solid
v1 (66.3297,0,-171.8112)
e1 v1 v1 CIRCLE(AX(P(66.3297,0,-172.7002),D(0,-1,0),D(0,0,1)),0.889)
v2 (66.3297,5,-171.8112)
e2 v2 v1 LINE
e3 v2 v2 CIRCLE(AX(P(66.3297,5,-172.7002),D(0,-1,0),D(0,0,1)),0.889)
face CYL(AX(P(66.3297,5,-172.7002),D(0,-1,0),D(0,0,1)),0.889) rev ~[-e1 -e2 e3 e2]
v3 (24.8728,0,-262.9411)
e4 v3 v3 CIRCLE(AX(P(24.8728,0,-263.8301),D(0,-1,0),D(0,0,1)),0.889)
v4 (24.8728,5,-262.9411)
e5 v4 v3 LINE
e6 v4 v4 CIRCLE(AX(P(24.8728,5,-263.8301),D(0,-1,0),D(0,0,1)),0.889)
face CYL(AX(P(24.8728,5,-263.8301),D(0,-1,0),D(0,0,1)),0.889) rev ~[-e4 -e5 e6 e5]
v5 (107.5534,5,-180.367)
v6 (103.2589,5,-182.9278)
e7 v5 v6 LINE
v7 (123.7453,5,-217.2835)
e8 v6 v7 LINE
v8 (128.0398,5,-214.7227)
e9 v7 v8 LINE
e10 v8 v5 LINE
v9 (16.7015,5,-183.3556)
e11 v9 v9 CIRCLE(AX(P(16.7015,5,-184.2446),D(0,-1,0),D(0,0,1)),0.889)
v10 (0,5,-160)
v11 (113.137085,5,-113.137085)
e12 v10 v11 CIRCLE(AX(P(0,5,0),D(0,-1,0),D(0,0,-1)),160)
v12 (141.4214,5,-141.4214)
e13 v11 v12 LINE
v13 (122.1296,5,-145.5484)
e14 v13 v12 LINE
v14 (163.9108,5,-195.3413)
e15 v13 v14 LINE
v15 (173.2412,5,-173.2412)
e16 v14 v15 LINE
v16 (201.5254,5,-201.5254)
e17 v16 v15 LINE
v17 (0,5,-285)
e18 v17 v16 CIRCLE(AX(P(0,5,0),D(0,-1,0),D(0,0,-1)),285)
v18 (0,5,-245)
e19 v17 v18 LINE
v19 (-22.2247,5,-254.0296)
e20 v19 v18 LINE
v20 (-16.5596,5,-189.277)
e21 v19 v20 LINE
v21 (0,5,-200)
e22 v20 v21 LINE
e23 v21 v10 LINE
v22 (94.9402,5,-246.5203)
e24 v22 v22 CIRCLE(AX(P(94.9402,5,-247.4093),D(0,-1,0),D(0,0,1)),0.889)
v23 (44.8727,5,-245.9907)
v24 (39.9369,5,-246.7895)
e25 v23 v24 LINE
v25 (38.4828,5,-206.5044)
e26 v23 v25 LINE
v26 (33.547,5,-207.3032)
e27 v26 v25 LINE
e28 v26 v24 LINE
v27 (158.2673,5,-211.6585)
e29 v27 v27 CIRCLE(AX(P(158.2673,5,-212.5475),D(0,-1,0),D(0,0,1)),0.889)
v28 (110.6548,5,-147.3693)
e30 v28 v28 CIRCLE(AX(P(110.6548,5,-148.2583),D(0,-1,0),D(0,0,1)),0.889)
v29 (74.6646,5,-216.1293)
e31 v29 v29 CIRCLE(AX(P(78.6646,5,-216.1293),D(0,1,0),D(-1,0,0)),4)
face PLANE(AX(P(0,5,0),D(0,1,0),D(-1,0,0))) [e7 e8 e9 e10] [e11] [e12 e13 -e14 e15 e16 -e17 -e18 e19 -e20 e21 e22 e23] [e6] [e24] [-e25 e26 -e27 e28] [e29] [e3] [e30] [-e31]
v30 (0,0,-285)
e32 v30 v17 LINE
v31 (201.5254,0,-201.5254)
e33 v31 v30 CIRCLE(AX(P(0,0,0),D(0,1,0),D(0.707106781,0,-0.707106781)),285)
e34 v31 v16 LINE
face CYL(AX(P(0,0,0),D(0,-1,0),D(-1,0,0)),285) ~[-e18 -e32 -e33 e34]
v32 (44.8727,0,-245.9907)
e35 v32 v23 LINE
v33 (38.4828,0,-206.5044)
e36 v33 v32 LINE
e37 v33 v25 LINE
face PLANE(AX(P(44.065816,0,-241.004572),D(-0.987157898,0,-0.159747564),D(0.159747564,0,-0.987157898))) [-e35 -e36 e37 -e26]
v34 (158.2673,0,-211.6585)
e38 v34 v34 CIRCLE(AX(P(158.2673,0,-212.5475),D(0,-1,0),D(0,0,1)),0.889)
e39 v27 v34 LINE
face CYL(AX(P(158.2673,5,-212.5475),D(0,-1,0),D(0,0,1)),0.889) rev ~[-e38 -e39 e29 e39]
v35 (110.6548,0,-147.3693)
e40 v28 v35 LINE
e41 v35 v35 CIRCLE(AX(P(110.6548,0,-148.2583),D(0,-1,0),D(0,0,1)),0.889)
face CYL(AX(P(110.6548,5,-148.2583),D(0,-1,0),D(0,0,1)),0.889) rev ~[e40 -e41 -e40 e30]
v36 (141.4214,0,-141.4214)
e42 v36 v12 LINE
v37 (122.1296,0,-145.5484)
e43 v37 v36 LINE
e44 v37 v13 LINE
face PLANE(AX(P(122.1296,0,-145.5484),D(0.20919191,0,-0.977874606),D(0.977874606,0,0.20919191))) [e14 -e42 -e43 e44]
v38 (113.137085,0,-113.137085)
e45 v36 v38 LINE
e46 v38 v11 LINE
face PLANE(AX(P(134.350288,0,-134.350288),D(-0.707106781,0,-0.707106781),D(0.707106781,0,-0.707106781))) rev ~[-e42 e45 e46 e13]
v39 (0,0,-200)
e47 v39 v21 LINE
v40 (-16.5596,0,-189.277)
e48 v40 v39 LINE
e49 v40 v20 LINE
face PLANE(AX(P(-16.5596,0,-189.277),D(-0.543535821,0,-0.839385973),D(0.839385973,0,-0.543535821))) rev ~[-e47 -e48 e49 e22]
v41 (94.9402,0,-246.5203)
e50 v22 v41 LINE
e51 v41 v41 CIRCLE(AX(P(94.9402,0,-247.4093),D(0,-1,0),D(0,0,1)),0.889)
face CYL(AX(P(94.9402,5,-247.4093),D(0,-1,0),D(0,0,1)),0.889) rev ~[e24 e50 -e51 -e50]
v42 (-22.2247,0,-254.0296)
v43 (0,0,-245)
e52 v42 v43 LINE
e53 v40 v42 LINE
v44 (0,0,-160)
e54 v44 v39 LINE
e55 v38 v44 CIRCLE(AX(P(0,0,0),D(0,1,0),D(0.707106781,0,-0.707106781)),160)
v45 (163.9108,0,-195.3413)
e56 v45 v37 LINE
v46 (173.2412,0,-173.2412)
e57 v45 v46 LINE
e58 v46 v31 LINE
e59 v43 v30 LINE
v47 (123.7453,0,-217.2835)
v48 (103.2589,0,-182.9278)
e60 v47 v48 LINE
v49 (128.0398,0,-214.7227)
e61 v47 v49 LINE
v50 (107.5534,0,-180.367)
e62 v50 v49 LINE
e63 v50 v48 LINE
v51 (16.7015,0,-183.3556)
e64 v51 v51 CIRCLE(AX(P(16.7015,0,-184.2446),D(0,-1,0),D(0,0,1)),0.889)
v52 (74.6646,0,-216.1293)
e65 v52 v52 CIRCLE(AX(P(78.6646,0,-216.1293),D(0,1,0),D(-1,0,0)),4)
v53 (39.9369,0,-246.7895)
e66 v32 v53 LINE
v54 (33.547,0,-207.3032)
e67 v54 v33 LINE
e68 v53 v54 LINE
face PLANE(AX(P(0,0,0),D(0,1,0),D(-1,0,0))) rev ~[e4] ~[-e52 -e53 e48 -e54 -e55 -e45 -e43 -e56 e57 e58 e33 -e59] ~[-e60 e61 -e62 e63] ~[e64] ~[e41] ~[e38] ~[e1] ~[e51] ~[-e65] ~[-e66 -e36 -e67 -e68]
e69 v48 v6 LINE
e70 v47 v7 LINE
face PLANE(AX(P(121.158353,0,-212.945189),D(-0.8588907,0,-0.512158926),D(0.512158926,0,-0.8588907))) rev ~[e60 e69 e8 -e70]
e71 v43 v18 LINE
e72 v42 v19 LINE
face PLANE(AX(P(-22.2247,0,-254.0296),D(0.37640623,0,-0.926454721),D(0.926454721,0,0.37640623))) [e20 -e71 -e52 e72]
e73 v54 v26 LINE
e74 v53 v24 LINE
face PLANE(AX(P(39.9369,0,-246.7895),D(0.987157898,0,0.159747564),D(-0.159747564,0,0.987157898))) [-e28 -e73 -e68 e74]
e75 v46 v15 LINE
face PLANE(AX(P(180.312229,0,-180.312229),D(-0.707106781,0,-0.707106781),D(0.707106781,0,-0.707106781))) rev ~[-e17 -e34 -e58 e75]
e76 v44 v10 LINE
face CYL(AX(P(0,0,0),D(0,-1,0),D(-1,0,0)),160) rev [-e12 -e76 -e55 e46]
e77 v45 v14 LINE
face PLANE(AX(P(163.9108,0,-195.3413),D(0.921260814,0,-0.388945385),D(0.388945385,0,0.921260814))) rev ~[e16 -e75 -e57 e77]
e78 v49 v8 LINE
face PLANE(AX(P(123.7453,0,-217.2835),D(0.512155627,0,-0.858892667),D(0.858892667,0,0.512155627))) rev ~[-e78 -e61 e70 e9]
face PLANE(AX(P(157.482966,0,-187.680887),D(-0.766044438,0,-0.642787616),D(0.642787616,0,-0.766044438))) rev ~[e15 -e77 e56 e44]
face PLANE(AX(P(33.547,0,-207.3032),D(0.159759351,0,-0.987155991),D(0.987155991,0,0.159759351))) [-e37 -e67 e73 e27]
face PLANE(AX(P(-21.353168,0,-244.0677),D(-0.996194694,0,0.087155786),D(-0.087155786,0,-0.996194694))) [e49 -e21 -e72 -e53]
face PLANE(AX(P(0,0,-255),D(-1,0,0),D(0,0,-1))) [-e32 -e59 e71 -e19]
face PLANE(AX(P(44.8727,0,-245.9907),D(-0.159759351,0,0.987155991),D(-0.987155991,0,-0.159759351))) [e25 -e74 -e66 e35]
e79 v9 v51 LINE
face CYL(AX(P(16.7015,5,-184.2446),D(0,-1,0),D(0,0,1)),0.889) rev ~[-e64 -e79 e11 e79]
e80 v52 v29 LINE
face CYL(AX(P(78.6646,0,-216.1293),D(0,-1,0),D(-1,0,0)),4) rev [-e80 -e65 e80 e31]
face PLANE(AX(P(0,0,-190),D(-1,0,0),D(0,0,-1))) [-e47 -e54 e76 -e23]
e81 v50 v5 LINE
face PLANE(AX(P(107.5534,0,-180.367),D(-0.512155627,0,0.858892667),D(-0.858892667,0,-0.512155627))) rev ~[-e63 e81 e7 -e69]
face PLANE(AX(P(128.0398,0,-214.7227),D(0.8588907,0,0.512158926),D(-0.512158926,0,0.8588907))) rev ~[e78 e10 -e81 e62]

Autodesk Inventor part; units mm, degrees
ref_plane "YZ Plane" through (0, 0, 0) normal (1, 0, 0) x (0, 1, 0)
ref_plane "XZ Plane" through (0, 0, 0) normal (0, 1, 0) x (-1, 0, 0)
ref_plane "XY Plane" through (0, 0, 0) normal (0, 0, 1) x (1, 0, 0)
sketch "Sketch2" plane through (0, 0, 0) normal (0, 1, 0) x (-1, 0, 0)
  circle A0 centre (0, 0) radius 285
  circle A1 centre (0, 0) radius 160
  line L0 (0, 0) -> (0, -285)
  line L1 (0, 0) -> (-201.5254, -201.5254)
  line L2 (0, 0) -> (24.8394, -283.9155)
  line L3 (0, 0) -> (-183.1945, -218.3227)
  circle A2 centre (0, 0) radius 255
  circle A3 centre (0, 0) radius 190
  circle A4 centre (0, 0) radius 200
  circle A5 centre (0, 0) radius 245
  line L4 (16.5596, -189.277) -> (0, -200)
  line L5 (22.2247, -254.0296) -> (0, -245)
  line L6 (-122.1296, -145.5484) -> (-141.4214, -141.4214)
  line L7 (-163.9108, -195.3413) -> (-173.2412, -173.2412)
  line L8 (-123.7453, -217.2835) -> (-128.0398, -214.7227)
  line L9 (-128.0398, -214.7227) -> (-107.5534, -180.367)
  line L10 (-107.5534, -180.367) -> (-103.2589, -182.9278)
  line L11 (-103.2589, -182.9278) -> (-123.7453, -217.2835)
  line L12 (-123.7453, -217.2835) -> (-107.5534, -180.367) construction
  line L13 (-128.0398, -214.7227) -> (-103.2589, -182.9278) construction
  circle A6 centre (0, 0) radius 230 construction
  line L14 (0, 0) -> (-97.4757, -267.8124) construction
  circle A7 centre (0, 0) radius 210 construction
  circle A8 centre (0, 0) radius 250 construction
  line L15 (-44.8727, -245.9907) -> (-39.9369, -246.7895)
  line L16 (-39.9369, -246.7895) -> (-33.547, -207.3032)
  line L17 (-33.547, -207.3032) -> (-38.4828, -206.5044)
  line L18 (-38.4828, -206.5044) -> (-44.8727, -245.9907)
  line L19 (-44.8727, -245.9907) -> (-33.547, -207.3032) construction
  line L20 (-39.9369, -246.7895) -> (-38.4828, -206.5044) construction
  circle A9 centre (-78.6646, -216.1293) radius 4
  point P0 (-115.6493, -198.8252)
  point P1 (0, -160)
  point P2 (-113.1371, -113.1371)
  dimension "d0" = 570
  dimension "d1" = 320
  dimension "d2" = 45
  dimension "d3" = 5
  dimension "d4" = 5
  dimension "d5" = 30
  dimension "d6" = 30
  dimension "d7" = 10
  dimension "d8" = 10
  dimension "d11" = 5
  dimension "d14" = 20
  dimension "d19" = 39.2099
  dimension "d20" = 40
  dimension "d21" = 50
  dimension "d24" = 8
  dimension "d35" = 70
extrude "Extrusion1" add sketch "Sketch2" along normal blind 5 contours L1 A2 L3 A0 | L3 A2 L0 A0 | L1 L7 A2 | L5 A5 L2 | L3 A5 L9 L8 L11 L18 L15 L16 L0 A2 | A5 L0 A4 L2 | A5 L16 L17 L18 L11 L10 L9 L3 A4 L0 | L1 A3 L6 | A4 L4 L2 | A4 L3 A3 L0 | L1 A1 L3 A3 | L3 A1 L0 A3
sketch "Sketch3" plane through (0, 5, 0) normal (0, 1, 0) x (1, 0, 0)
  circle A0 centre (0, 0) radius 185
  circle A1 centre (0, 0) radius 265
  point P0 (94.9402, 247.4093)
  point P1 (66.3297, 172.7002)
  point P2 (16.7015, 184.2446)
  point P3 (24.8728, 263.8301)
  point P4 (110.6548, 148.2583)
  point P5 (158.2673, 212.5475)
  dimension "d32" = 370
  dimension "d34" = 530
hole "Hole1" at (94.9402, 5, -247.4093) at (66.3297, 5, -172.7002) at (16.7015, 5, -184.2446) at (24.8728, 5, -263.8301) at (110.6548, 5, -148.2583) at (158.2673, 5, -212.5475) direction (0, -1, 0) diameter 1.778 end through all
properties part number "Base Plate Bottom v3" material "PLA 33 Plastic"
